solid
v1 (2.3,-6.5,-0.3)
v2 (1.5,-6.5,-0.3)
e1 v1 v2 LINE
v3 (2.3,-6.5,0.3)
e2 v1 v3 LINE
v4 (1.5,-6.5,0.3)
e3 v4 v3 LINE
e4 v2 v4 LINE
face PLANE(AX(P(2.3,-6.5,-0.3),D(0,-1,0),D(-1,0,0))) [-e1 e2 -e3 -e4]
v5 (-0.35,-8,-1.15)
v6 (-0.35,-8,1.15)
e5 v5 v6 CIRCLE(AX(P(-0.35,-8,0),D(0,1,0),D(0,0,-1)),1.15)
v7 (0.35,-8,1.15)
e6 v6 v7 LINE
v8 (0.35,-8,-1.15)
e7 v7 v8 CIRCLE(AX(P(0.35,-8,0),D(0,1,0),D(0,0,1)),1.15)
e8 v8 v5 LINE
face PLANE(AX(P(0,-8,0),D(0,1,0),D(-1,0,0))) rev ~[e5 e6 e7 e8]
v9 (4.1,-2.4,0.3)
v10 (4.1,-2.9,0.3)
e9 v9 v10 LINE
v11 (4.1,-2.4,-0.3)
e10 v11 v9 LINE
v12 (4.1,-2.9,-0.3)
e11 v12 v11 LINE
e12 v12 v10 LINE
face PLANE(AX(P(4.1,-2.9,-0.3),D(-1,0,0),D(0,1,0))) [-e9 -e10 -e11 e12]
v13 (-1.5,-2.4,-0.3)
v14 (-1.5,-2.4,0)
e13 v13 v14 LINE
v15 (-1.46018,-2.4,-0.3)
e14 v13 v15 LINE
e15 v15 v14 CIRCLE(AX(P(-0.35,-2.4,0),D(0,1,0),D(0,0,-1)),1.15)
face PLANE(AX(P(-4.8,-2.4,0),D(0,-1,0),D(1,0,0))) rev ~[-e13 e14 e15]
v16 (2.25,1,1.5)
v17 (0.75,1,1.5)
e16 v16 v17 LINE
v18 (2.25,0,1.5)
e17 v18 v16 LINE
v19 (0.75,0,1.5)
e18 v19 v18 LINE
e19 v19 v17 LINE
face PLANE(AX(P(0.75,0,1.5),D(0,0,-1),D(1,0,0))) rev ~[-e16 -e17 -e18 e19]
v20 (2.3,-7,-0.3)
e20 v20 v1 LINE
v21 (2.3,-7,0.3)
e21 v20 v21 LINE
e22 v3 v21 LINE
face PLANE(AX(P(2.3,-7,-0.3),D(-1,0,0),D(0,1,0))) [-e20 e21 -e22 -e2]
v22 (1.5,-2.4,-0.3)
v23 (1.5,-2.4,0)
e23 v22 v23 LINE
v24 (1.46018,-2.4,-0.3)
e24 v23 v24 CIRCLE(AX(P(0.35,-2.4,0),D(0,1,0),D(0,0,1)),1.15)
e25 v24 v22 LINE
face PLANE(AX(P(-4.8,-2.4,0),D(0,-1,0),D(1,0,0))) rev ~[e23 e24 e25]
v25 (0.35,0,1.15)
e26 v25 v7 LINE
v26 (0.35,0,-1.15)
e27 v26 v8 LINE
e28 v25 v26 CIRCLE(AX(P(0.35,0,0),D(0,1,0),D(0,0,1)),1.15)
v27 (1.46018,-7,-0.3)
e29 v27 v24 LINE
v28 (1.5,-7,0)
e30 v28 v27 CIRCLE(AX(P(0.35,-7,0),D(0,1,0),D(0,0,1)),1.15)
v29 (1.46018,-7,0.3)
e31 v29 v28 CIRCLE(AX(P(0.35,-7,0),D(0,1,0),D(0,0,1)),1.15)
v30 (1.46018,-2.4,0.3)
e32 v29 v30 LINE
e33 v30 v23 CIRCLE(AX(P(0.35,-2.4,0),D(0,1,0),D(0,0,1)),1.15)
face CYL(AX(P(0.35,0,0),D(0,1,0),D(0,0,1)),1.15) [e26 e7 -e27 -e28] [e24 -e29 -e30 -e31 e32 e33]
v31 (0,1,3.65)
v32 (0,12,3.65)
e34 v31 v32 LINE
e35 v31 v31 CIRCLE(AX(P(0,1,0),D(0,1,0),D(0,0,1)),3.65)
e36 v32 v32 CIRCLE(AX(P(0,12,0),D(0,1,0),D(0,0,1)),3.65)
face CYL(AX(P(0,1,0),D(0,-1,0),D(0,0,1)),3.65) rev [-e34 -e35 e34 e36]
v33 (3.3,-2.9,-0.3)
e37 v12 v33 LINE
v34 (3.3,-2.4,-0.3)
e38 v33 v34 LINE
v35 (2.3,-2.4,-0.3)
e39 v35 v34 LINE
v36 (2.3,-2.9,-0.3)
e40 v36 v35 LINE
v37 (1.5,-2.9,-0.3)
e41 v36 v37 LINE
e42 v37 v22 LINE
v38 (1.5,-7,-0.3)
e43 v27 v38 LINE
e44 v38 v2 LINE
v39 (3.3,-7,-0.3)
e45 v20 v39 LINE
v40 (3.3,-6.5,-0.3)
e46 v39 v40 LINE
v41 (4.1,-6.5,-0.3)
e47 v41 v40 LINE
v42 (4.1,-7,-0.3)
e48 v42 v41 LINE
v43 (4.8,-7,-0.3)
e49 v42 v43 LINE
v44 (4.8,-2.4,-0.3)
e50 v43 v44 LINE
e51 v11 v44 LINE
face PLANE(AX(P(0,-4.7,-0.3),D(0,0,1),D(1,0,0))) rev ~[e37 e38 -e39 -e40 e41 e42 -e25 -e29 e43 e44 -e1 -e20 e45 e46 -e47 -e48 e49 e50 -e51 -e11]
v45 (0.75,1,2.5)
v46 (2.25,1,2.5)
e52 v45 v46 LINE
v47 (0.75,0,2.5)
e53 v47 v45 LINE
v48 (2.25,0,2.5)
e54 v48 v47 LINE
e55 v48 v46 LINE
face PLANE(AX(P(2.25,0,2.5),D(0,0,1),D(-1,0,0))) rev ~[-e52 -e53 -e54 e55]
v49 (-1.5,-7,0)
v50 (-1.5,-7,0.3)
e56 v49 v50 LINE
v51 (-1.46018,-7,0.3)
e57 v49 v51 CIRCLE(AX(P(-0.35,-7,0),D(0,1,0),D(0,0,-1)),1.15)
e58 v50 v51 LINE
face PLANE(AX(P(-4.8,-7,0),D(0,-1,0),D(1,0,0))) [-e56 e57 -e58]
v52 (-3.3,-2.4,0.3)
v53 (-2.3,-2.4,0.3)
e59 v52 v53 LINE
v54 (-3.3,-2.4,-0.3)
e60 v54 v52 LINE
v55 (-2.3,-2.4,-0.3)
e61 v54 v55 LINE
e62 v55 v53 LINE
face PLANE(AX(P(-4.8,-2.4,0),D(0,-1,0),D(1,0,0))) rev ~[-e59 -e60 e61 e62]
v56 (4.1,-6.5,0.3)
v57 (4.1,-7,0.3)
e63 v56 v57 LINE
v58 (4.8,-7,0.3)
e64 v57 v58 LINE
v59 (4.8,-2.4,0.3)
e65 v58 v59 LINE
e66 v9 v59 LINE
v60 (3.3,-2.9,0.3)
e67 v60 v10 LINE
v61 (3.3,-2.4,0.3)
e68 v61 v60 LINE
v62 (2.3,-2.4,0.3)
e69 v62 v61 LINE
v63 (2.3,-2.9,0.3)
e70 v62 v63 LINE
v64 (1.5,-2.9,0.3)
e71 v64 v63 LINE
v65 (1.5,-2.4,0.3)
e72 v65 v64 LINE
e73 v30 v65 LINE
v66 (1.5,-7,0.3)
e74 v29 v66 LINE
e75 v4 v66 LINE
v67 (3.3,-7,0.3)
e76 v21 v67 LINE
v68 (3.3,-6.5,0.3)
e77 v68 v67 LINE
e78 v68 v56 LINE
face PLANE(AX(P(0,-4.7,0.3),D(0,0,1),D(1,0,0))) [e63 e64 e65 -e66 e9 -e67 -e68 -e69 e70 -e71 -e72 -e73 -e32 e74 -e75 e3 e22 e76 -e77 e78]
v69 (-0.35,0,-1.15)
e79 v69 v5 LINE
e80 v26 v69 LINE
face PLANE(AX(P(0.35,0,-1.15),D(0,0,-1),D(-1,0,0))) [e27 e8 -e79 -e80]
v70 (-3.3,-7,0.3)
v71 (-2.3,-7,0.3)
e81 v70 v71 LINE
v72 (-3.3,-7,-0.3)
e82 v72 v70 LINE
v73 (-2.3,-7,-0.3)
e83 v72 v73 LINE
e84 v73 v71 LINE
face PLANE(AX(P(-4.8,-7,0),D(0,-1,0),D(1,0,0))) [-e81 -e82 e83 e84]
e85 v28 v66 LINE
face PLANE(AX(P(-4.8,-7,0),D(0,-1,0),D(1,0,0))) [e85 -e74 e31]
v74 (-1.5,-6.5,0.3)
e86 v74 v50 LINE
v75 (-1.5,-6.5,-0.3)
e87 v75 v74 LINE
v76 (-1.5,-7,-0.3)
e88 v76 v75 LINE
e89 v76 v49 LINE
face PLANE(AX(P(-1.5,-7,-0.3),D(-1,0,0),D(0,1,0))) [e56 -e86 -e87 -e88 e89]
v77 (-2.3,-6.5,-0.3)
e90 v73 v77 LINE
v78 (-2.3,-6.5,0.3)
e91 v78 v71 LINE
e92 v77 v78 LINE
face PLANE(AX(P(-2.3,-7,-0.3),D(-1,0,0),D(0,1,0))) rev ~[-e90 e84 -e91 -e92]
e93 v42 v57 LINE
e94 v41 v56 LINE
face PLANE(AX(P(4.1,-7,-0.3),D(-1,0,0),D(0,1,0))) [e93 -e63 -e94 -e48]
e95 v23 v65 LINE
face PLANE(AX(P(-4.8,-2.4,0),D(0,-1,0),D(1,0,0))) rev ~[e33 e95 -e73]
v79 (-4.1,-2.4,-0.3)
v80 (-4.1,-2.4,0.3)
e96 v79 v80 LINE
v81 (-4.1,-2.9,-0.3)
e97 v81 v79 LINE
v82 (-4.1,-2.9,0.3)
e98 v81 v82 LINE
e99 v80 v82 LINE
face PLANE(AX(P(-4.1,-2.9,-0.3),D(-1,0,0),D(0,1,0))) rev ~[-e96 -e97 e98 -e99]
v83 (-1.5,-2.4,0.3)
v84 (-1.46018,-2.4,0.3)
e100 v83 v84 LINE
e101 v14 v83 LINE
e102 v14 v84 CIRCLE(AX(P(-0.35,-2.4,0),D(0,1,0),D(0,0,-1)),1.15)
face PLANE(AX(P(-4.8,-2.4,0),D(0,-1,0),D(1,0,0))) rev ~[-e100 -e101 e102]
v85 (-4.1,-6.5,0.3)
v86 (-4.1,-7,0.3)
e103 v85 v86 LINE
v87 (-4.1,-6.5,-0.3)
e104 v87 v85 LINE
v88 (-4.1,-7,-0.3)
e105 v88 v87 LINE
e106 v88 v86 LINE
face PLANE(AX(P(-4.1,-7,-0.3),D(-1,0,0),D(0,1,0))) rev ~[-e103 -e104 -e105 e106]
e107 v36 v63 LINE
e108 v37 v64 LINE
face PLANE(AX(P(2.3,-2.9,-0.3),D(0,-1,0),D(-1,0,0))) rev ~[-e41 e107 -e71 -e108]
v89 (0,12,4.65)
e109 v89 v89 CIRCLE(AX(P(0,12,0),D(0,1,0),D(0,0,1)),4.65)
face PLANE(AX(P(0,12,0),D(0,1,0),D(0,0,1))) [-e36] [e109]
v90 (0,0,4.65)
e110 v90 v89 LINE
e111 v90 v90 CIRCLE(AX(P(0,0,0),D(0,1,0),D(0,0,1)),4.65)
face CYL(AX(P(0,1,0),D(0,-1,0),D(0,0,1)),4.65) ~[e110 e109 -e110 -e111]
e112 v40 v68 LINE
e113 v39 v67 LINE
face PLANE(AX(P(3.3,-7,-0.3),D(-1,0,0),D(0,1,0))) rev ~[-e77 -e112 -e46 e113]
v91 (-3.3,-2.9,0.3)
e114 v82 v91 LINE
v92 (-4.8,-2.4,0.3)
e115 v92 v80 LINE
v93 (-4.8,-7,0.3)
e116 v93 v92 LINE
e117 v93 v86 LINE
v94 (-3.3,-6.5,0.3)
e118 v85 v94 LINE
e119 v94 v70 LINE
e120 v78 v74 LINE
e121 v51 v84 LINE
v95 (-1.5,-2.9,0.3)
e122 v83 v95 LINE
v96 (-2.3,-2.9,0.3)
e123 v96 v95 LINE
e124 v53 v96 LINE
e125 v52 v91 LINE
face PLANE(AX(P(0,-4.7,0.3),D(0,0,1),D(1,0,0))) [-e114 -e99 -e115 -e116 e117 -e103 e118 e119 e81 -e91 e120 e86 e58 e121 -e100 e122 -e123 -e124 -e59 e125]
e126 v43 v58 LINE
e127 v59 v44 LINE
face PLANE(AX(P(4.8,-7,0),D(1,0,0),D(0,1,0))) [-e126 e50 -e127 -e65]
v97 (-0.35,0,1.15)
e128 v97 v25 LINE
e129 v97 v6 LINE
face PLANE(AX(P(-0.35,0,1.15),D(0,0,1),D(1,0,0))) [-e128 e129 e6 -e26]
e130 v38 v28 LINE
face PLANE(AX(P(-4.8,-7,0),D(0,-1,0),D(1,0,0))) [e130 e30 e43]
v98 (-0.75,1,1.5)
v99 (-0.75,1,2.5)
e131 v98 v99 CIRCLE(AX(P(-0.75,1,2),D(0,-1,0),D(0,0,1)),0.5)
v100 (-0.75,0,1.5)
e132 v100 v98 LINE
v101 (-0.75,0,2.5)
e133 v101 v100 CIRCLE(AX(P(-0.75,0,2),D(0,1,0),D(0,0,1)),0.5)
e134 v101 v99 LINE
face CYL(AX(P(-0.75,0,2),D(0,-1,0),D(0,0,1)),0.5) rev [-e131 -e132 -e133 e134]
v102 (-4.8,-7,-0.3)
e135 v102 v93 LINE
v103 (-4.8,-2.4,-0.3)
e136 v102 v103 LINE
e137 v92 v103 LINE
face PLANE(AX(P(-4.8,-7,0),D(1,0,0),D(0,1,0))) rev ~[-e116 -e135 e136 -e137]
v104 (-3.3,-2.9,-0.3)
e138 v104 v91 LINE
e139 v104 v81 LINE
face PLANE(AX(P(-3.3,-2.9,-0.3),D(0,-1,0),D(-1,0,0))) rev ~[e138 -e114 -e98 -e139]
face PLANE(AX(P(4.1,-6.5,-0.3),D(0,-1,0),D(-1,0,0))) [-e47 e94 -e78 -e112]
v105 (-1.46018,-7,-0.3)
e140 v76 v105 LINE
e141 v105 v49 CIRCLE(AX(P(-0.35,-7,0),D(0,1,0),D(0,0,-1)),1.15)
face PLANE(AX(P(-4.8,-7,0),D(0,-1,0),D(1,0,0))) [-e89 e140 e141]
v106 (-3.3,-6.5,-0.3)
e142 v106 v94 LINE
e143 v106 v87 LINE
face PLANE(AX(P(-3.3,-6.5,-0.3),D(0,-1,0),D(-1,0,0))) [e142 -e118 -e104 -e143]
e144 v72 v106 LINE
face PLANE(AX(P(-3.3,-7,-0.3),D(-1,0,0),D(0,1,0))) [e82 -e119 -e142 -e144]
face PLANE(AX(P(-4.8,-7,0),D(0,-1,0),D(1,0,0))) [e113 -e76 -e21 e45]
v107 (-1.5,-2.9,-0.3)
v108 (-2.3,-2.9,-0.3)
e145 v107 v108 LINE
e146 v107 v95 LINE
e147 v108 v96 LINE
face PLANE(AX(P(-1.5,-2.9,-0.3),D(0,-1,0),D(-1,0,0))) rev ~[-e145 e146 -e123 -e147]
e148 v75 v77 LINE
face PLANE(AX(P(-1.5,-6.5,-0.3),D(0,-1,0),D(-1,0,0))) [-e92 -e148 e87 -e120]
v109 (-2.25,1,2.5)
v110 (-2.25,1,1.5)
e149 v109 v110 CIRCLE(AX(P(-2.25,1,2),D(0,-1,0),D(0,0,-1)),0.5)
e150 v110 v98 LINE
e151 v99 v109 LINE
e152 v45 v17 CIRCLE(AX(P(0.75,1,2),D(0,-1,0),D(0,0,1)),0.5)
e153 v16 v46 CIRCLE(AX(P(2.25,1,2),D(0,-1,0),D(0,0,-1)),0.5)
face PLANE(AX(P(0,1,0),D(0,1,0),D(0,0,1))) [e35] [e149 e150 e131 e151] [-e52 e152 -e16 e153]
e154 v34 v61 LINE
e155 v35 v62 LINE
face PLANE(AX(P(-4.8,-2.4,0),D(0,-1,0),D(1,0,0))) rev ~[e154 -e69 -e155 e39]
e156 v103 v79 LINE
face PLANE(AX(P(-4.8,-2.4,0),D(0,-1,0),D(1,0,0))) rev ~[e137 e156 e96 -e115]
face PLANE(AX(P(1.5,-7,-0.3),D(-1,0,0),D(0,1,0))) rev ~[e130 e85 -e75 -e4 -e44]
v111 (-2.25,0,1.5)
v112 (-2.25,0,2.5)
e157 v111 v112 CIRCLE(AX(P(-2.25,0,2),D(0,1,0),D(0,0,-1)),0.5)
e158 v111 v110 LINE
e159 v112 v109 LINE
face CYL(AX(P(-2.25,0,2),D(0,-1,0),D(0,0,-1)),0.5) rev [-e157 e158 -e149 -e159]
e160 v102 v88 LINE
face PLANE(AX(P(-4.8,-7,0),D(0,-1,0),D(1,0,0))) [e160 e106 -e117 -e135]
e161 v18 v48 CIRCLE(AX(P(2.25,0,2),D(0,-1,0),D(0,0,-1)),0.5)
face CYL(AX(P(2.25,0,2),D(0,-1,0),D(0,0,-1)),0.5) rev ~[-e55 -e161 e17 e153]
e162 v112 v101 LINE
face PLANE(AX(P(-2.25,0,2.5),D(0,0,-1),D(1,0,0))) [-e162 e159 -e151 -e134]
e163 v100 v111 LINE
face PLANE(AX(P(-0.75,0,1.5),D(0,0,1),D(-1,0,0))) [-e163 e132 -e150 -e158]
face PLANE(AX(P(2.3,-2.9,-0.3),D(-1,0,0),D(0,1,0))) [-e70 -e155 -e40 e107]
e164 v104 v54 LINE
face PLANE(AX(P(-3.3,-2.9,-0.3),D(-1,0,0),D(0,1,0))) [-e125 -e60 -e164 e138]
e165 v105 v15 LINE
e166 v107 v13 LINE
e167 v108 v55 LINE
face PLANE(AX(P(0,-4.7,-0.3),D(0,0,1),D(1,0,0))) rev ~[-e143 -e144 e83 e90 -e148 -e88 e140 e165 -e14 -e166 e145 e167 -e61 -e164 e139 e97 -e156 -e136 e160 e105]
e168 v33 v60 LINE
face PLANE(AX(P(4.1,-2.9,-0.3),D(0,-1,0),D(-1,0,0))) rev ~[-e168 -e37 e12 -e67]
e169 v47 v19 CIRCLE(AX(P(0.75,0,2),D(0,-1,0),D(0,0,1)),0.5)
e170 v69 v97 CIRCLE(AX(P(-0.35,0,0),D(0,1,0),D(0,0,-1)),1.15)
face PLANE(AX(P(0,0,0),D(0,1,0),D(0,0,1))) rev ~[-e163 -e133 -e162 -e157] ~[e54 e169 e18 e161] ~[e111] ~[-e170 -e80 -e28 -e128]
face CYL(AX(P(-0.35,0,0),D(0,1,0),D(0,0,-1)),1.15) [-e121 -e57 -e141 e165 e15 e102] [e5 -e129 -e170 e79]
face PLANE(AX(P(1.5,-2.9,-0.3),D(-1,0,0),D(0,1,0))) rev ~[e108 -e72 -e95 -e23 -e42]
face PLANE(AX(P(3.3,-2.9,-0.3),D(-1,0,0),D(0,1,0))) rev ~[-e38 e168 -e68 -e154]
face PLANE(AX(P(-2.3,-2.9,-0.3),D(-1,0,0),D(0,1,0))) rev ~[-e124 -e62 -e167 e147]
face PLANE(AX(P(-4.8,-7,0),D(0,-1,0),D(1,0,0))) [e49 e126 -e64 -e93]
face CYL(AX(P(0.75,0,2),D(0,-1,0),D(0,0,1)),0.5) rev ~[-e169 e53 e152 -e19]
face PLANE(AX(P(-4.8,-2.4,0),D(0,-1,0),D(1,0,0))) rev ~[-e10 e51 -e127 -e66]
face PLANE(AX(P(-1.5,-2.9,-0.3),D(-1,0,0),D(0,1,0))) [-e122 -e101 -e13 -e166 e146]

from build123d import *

# Parameters (mm, degrees)
SKETCH1_R           = 4.65
BOSS_EXTRUDE1_DEPTH = 1
SKETCH2_R           = 4.65
SKETCH2_R_2         = 3.65
BOSS_EXTRUDE2_DEPTH = 11
BOSS_EXTRUDE3_DEPTH = 8
SKETCH4_W           = 9.6
SKETCH4_H           = 4.6
BOSS_EXTRUDE4_DEPTH = 0.3
SKETCH5_W           = 0.8
SKETCH5_H           = 0.5
CUT_EXTRUDE1_DEPTH  = 14.839888005
CUT_EXTRUDE2_DEPTH  = 14.735446844


with BuildPart() as part:
    # Sketch1 → Boss-Extrude1 (new body)
    with BuildSketch(Plane(origin=(0, 0, 0), x_dir=(1, 0, 0), z_dir=(0, 1, 0))):
        with Locations(Location((0, 0, 0), (0, 0, 270))):
            Circle(SKETCH1_R)
    extrude(amount=BOSS_EXTRUDE1_DEPTH)

    # Sketch2 → Boss-Extrude2 (add)
    with BuildSketch(Plane(origin=(0, 1, 0), x_dir=(1, 0, 0), z_dir=(0, 1, 0))):
        with Locations(Location((0, 0, 0), (0, 0, 270))):
            Circle(SKETCH2_R)
        with Locations(Location((0, 0, 0), (0, 0, 270))):
            Circle(SKETCH2_R_2, mode=Mode.SUBTRACT)
    extrude(amount=BOSS_EXTRUDE2_DEPTH)

    # Sketch3 → Boss-Extrude3 (add)
    with BuildSketch(Plane.XZ):
        with BuildLine():
            Line((0.35, -1.15), (-0.35, -1.15))
            ThreePointArc((-0.35, -1.15), (-1.5, 0), (-0.35, 1.15))
            Line((-0.35, 1.15), (0.35, 1.15))
            ThreePointArc((0.35, 1.15), (1.5, 0), (0.35, -1.15))
        make_face()
    extrude(amount=BOSS_EXTRUDE3_DEPTH)

    # Sketch4 → Boss-Extrude4 (add, symmetric)
    with BuildSketch(Plane.XY):
        with Locations((0, -4.7)):
            Rectangle(SKETCH4_W, SKETCH4_H)
    extrude(amount=BOSS_EXTRUDE4_DEPTH, both=True)

    # Sketch5 → Cut-Extrude1 (cut, through all)
    with BuildSketch(Plane(origin=(0, 0, -0.3), x_dir=(-1, 0, 0), z_dir=(0, 0, -1))):
        with Locations((-1.9, -2.65)):
            Rectangle(SKETCH5_W, SKETCH5_H)
        with Locations((-3.7, -2.65)):
            Rectangle(SKETCH5_W, SKETCH5_H)
        with Locations((3.7, -2.65)):
            Rectangle(SKETCH5_W, SKETCH5_H)
        with Locations((1.9, -2.65)):
            Rectangle(SKETCH5_W, SKETCH5_H)
        with Locations((1.9, -6.75)):
            Rectangle(SKETCH5_W, SKETCH5_H)
        with Locations((3.7, -6.75)):
            Rectangle(SKETCH5_W, SKETCH5_H)
        with Locations((-3.7, -6.75)):
            Rectangle(SKETCH5_W, SKETCH5_H)
        with Locations((-1.9, -6.75)):
            Rectangle(SKETCH5_W, SKETCH5_H)
    extrude(amount=-CUT_EXTRUDE1_DEPTH, mode=Mode.SUBTRACT)

    # Sketch6 → Cut-Extrude2 (cut, through all)
    with BuildSketch(Plane.XZ):
        with BuildLine():
            Line((-0.75, 1.5), (-2.25, 1.5))
            ThreePointArc((-2.25, 1.5), (-2.75, 2), (-2.25, 2.5))
            Line((-2.25, 2.5), (-0.75, 2.5))
            ThreePointArc((-0.75, 2.5), (-0.25, 2), (-0.75, 1.5))
        make_face()
        with BuildLine():
            Line((0.75, 1.5), (2.25, 1.5))
            ThreePointArc((2.25, 1.5), (2.75, 2), (2.25, 2.5))
            Line((2.25, 2.5), (0.75, 2.5))
            ThreePointArc((0.75, 2.5), (0.25, 2), (0.75, 1.5))
        make_face()
    extrude(amount=-CUT_EXTRUDE2_DEPTH, mode=Mode.SUBTRACT)


solid = part.part
